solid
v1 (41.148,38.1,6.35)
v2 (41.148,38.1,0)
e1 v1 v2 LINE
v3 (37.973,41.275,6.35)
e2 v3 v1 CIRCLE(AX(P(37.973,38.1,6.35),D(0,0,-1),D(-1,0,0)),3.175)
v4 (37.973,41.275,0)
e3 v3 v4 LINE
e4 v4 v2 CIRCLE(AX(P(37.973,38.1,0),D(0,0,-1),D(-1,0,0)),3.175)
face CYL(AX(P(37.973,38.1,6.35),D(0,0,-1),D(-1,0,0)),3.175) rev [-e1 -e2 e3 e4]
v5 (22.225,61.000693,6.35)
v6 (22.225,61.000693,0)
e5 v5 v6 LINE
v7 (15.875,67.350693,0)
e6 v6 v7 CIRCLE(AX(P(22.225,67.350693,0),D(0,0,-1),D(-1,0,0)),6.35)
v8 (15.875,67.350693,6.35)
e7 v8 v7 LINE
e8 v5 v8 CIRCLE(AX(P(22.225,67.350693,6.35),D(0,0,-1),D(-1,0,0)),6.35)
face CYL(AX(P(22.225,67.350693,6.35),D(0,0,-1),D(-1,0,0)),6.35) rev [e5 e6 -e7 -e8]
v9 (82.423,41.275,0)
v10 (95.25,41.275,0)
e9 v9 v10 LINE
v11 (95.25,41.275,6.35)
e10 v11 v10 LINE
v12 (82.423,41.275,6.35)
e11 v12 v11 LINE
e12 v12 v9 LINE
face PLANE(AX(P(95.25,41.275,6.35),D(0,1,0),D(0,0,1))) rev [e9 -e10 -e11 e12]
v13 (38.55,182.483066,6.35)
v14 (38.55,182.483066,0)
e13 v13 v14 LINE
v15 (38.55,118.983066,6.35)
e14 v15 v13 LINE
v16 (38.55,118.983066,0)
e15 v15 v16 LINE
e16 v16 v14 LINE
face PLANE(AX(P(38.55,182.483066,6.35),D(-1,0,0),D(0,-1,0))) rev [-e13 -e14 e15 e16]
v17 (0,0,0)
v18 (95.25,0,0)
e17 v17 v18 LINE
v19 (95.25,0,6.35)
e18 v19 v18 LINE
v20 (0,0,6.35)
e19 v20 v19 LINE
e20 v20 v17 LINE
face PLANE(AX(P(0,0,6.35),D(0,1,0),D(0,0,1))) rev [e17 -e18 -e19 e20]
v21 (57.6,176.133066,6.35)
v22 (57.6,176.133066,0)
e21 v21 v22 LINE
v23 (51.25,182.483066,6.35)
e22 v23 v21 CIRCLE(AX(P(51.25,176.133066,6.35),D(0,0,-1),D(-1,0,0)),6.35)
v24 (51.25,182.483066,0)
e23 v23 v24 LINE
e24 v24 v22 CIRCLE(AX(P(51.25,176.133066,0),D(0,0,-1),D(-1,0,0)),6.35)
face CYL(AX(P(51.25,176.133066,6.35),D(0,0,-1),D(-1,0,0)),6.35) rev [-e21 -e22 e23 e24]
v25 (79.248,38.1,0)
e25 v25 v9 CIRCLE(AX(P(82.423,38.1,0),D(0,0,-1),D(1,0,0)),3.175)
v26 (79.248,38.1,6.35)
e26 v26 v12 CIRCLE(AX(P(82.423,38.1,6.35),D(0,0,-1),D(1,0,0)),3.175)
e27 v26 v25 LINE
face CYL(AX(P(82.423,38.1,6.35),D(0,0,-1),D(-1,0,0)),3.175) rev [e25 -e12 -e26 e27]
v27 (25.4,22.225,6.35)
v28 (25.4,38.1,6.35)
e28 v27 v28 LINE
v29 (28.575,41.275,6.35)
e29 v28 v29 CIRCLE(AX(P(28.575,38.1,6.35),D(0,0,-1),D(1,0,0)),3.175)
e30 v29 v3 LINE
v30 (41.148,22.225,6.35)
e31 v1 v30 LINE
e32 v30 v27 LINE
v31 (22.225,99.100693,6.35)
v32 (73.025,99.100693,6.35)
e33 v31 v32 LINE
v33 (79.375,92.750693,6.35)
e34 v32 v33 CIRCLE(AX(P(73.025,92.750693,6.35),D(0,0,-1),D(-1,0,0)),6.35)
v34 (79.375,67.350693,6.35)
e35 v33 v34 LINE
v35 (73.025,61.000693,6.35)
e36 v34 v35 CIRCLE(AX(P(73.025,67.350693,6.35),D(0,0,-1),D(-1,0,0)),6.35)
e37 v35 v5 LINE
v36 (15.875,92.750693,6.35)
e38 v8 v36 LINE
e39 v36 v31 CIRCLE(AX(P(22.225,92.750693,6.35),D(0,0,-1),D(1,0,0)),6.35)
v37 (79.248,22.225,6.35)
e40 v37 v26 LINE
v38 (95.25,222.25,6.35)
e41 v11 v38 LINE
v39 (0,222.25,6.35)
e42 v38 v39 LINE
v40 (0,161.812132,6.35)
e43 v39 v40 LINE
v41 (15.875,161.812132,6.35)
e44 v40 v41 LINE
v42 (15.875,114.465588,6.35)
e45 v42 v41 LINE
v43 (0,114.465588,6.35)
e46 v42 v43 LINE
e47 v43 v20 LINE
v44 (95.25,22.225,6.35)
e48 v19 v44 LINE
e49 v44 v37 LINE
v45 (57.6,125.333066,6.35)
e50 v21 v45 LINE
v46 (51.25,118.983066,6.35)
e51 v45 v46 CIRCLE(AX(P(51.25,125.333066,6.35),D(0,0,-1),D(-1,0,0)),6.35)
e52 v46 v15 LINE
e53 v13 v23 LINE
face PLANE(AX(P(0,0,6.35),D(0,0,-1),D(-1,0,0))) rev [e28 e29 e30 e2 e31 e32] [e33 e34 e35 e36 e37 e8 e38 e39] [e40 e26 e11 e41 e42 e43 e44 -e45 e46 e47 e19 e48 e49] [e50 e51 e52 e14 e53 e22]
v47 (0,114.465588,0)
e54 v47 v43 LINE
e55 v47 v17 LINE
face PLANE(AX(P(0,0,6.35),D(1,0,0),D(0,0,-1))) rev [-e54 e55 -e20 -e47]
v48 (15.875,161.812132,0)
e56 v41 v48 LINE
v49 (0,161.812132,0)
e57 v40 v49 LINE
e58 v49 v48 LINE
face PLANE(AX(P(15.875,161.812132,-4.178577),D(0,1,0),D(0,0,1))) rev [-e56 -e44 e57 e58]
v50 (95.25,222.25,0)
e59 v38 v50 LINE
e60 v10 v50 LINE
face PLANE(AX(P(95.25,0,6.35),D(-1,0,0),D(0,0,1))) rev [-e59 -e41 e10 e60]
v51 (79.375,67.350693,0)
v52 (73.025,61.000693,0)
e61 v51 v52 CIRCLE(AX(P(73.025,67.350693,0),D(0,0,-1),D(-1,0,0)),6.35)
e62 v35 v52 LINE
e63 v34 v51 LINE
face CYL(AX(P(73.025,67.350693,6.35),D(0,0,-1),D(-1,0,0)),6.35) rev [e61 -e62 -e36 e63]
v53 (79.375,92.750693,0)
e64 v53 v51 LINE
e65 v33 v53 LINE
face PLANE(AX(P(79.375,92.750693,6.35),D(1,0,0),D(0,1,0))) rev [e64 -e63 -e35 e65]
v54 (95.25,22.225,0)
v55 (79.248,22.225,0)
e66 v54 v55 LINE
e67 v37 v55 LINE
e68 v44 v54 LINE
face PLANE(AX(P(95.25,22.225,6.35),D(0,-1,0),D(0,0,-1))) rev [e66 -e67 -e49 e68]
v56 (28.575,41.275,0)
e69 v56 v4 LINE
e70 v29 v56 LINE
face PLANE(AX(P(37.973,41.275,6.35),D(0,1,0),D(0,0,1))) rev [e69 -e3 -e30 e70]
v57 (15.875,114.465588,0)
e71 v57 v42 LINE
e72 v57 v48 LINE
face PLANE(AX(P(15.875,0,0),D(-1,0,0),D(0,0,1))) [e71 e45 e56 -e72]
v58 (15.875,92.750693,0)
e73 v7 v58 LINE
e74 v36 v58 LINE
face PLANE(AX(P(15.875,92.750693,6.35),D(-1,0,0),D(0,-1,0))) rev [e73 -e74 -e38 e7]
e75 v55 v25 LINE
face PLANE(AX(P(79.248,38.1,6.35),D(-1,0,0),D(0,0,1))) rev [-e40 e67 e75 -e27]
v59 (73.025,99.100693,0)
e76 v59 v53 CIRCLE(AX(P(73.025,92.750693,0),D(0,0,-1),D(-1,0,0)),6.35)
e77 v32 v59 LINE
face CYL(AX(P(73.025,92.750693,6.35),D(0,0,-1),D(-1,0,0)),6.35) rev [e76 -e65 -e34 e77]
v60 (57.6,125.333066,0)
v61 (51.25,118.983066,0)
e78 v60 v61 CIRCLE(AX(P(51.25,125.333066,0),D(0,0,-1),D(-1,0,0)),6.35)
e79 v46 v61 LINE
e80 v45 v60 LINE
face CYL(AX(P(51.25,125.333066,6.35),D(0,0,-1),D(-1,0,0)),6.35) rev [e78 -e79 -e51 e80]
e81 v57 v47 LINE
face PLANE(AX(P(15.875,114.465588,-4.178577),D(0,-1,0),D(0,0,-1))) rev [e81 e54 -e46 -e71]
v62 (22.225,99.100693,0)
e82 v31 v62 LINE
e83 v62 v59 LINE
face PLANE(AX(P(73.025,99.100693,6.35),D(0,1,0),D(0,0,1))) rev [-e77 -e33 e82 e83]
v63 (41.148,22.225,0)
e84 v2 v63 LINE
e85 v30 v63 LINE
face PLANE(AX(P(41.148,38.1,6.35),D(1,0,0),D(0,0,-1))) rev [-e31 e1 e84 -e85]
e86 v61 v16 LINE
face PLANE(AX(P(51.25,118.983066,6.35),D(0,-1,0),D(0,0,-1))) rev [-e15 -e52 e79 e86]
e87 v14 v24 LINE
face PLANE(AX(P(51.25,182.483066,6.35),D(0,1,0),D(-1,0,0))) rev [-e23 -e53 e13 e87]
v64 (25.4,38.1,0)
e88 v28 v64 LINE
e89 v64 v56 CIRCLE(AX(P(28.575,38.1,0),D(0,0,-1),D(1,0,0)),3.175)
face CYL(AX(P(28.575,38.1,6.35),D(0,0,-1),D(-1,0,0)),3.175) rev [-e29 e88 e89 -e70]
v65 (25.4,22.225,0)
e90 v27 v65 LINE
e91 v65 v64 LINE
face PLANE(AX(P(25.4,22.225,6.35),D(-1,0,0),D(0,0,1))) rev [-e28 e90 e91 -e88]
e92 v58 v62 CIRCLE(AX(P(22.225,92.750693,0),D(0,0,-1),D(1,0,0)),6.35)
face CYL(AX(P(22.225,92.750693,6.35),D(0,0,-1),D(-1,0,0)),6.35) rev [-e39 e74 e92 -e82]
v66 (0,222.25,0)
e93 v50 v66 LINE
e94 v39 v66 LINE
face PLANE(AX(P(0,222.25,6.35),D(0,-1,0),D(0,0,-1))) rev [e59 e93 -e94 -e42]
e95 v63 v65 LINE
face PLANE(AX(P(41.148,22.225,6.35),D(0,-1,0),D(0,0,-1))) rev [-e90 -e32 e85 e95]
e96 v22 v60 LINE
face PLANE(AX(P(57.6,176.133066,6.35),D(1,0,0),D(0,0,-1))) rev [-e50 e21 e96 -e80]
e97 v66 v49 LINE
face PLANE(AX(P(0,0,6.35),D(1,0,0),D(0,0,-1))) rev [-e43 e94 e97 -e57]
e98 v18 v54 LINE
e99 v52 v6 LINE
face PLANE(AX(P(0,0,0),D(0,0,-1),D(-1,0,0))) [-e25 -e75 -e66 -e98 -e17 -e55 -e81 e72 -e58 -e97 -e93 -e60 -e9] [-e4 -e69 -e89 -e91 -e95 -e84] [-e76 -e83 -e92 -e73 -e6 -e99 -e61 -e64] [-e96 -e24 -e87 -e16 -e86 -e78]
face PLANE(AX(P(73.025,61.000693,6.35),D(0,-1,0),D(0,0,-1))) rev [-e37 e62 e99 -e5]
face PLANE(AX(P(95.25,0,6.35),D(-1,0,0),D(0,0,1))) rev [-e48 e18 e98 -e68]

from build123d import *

# Parameters (mm, degrees)
SKETCH1_W           = 95.25
SKETCH1_H           = 222.25
BOSS_EXTRUDE1_DEPTH = 6.35
SKETCH2_W           = 17.693613984
SKETCH2_H           = 47.346544424
CUT_EXTRUDE1_DEPTH  = 15.875
CUT_EXTRUDE2_DEPTH  = 6.35
CUT_EXTRUDE3_DEPTH  = 6.35
CUT_EXTRUDE4_DEPTH  = 6.35


with BuildPart() as part:
    # Sketch1 → Boss-Extrude1 (new body)
    with BuildSketch(Plane.XY):
        with Locations((47.625, 111.125)):
            Rectangle(SKETCH1_W, SKETCH1_H)
    extrude(amount=BOSS_EXTRUDE1_DEPTH)

    # Sketch2 → Cut-Extrude1 (cut)
    with BuildSketch(Plane.ZY):
        with Locations((4.668229677, 138.138859748)):
            Rectangle(SKETCH2_W, SKETCH2_H)
    extrude(amount=-CUT_EXTRUDE1_DEPTH, mode=Mode.SUBTRACT)

    # Sketch3 → Cut-Extrude2 (cut)
    with BuildSketch(Plane(origin=(0, 0, 0), x_dir=(-1, 0, 0), z_dir=(0, 0, -1))):
        with BuildLine():
            Line((-51.25, 182.483066433), (-38.55, 182.483066433))
            Line((-38.55, 182.483066433), (-38.55, 118.983066433))
            Line((-38.55, 118.983066433), (-51.25, 118.983066433))
            ThreePointArc((-51.25, 118.983066433), (-55.740128061, 120.842938372), (-57.6, 125.333066433))
            Line((-57.6, 125.333066433), (-57.6, 176.133066433))
            ThreePointArc((-57.6, 176.133066433), (-55.740128061, 180.623194493), (-51.25, 182.483066433))
        make_face()
    extrude(amount=-CUT_EXTRUDE2_DEPTH, mode=Mode.SUBTRACT)

    # Sketch4 → Cut-Extrude3 (cut)
    with BuildSketch(Plane(origin=(0, 0, 0), x_dir=(-1, 0, 0), z_dir=(0, 0, -1))):
        with BuildLine():
            Line((-73.025, 99.100693086), (-22.225, 99.100693086))
            ThreePointArc((-22.225, 99.100693086), (-17.734871939, 97.240821147), (-15.875, 92.750693086))
            Line((-15.875, 92.750693086), (-15.875, 67.350693086))
            ThreePointArc((-15.875, 67.350693086), (-17.734871939, 62.860565025), (-22.225, 61.000693086))
            Line((-22.225, 61.000693086), (-73.025, 61.000693086))
            ThreePointArc((-73.025, 61.000693086), (-77.515128061, 62.860565025), (-79.375, 67.350693086))
            Line((-79.375, 67.350693086), (-79.375, 92.750693086))
            ThreePointArc((-79.375, 92.750693086), (-77.515128061, 97.240821147), (-73.025, 99.100693086))
        make_face()
    extrude(amount=-CUT_EXTRUDE3_DEPTH, mode=Mode.SUBTRACT)

    # Sketch5 → Cut-Extrude4 (cut)
    with BuildSketch(Plane(origin=(0, 0, 0), x_dir=(-1, 0, 0), z_dir=(0, 0, -1))):
        with BuildLine():
            Line((-95.25, 22.225), (-79.248, 22.225))
            Line((-79.248, 22.225), (-79.248, 38.1))
            ThreePointArc((-79.248, 38.1), (-80.17793597, 40.34506403), (-82.423, 41.275))
            Line((-82.423, 41.275), (-95.25, 41.275))
            Line((-95.25, 41.275), (-95.25, 22.225))
        make_face()
        with BuildLine():
            Line((-25.4, 22.225), (-25.4, 38.1))
            ThreePointArc((-25.4, 38.1), (-26.32993597, 40.34506403), (-28.575, 41.275))
            Line((-28.575, 41.275), (-37.973, 41.275))
            ThreePointArc((-37.973, 41.275), (-40.21806403, 40.34506403), (-41.148, 38.1))
            Line((-41.148, 38.1), (-41.148, 22.225))
            Line((-41.148, 22.225), (-25.4, 22.225))
        make_face()
    extrude(amount=-CUT_EXTRUDE4_DEPTH, mode=Mode.SUBTRACT)


solid = part.part
